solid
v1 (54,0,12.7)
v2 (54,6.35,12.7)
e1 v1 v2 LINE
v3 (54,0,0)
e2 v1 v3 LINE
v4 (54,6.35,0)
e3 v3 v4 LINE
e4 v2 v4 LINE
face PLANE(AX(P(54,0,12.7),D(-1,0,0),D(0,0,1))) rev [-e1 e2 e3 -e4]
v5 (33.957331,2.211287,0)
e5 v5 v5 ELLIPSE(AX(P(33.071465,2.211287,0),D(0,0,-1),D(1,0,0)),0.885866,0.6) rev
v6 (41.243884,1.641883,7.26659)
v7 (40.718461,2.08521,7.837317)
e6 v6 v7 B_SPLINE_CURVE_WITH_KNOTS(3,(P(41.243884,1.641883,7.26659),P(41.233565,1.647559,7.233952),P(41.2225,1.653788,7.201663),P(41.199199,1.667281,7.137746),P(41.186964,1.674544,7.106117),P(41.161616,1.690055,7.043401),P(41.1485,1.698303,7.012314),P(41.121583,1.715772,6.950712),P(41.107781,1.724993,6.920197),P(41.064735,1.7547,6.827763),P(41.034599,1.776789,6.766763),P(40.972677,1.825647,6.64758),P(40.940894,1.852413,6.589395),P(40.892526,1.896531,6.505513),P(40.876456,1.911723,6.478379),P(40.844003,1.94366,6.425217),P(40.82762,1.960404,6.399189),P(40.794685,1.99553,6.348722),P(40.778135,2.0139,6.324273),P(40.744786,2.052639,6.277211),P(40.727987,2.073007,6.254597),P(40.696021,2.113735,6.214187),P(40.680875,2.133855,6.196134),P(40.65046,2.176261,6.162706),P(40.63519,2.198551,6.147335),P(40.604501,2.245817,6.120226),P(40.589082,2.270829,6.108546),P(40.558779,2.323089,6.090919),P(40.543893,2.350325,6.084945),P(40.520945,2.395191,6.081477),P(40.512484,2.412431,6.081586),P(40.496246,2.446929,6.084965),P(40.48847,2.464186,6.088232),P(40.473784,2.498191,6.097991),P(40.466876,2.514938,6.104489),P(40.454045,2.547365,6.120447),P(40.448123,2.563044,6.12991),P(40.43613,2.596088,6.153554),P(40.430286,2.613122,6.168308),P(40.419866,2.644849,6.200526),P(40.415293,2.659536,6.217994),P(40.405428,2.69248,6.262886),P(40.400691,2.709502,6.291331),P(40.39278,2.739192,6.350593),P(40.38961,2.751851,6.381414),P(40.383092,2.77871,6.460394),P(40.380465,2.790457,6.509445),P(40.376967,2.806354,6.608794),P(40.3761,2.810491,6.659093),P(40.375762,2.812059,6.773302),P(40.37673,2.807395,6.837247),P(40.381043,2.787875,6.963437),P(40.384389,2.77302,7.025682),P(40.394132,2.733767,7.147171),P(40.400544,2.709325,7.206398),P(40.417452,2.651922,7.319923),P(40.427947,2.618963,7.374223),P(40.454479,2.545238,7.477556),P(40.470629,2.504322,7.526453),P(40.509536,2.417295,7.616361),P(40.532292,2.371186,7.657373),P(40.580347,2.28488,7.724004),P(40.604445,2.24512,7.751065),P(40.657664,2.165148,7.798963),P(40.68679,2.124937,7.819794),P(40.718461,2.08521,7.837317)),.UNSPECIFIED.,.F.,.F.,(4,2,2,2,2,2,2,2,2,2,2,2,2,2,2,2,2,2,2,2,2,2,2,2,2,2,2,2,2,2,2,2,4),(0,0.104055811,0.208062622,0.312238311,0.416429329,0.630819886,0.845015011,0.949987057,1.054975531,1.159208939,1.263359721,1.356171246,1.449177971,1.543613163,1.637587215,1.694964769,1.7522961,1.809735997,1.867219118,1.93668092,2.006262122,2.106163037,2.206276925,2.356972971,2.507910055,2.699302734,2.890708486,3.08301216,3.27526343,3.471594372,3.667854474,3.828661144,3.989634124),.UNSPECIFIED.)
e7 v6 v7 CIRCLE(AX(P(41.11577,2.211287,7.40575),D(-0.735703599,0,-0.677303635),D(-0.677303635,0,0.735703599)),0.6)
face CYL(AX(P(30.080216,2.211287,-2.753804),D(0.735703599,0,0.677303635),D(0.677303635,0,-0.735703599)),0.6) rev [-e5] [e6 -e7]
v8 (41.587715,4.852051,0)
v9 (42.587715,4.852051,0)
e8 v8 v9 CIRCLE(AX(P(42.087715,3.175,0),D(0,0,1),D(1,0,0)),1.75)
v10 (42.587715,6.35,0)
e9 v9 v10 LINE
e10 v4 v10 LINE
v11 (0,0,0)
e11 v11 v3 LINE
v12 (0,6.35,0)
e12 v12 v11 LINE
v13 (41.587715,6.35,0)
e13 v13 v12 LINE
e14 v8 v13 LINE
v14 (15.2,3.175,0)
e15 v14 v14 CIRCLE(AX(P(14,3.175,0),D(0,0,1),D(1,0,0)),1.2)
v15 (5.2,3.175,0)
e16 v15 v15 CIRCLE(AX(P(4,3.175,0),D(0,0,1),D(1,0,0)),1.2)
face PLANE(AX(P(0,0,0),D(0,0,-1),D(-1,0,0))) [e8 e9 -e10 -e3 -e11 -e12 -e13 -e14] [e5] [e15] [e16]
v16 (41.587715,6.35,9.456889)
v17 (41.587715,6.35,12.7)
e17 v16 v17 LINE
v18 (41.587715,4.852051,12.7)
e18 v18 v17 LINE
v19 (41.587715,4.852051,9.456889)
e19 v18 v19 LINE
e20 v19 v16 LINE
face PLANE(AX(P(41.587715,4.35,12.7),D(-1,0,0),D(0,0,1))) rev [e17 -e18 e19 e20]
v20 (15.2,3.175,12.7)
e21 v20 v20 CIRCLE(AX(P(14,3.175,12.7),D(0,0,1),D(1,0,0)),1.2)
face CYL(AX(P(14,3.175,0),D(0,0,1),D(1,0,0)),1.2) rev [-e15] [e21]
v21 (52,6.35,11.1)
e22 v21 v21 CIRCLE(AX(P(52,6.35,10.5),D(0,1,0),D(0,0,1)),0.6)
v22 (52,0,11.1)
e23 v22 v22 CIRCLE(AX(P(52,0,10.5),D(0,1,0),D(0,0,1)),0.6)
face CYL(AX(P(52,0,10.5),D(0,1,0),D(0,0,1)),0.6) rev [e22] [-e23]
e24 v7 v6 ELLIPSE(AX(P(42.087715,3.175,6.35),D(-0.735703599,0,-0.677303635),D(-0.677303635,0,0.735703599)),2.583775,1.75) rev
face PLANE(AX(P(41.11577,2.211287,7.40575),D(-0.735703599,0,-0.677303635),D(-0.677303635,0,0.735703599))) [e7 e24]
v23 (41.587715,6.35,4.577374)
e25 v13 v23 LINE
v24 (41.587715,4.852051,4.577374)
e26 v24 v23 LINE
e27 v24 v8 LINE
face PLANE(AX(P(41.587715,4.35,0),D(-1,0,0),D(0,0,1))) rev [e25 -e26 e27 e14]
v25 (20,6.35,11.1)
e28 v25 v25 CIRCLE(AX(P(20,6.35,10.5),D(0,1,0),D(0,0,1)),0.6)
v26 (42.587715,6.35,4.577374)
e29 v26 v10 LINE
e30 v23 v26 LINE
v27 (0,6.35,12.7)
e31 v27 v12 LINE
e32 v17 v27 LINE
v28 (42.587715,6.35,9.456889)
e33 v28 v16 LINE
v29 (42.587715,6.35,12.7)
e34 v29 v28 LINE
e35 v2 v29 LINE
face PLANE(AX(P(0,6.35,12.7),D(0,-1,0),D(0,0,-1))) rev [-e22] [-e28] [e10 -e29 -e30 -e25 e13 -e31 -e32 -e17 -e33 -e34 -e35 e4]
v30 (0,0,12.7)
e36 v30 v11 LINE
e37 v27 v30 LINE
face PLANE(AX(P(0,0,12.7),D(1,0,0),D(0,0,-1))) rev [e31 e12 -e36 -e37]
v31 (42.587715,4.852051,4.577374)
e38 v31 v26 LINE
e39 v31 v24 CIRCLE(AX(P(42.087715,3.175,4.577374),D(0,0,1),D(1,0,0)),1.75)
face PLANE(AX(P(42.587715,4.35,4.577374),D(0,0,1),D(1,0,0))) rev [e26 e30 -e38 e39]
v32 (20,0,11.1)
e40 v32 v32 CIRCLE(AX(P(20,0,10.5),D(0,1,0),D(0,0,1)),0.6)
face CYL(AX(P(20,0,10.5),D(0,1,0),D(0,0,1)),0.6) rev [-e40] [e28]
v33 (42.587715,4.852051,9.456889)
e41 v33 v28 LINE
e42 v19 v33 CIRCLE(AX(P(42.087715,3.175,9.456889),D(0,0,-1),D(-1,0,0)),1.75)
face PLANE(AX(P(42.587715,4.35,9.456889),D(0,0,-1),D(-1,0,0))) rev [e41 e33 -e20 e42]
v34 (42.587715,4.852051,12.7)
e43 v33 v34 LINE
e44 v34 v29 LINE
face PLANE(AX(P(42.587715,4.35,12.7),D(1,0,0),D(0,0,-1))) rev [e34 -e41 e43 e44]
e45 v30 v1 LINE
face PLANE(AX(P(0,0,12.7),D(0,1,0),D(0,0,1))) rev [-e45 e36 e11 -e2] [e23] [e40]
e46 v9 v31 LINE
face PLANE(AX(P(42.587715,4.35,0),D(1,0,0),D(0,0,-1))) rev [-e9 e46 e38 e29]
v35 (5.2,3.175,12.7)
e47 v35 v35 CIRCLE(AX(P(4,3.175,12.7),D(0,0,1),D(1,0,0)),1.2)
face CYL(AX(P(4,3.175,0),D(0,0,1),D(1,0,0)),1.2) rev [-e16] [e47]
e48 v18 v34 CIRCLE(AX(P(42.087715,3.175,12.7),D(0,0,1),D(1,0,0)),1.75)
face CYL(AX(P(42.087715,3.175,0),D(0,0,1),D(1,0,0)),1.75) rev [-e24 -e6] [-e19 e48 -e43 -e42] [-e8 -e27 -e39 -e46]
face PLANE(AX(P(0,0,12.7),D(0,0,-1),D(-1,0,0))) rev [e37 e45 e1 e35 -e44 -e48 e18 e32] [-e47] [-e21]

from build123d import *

# Parameters (mm, degrees)
SKETCH1_W           = 54
SKETCH1_H           = 6.35
BOSS_EXTRUDE1_DEPTH = 12.7
SKETCH3_W           = 1
SKETCH3_H           = 3.243111396
SKETCH3_H_2         = 4.577374163
CUT_EXTRUDE1_DEPTH  = 2
SKETCH4_R           = 1.75
CUT_EXTRUDE2_DEPTH  = 56.835584532
SKETCH5_R           = 0.6
CUT_EXTRUDE3_DEPTH  = 56.835584532
SKETCH6_R           = 1.2
CUT_EXTRUDE4_DEPTH  = 56.835584532
SKETCH12_R          = 0.6
CUT_EXTRUDE6_DEPTH  = 15


with BuildPart() as part:
    # Sketch1 → Boss-Extrude1 (new body)
    with BuildSketch(Plane.XY):
        with Locations((27, 3.175)):
            Rectangle(SKETCH1_W, SKETCH1_H)
    extrude(amount=BOSS_EXTRUDE1_DEPTH)

    # Sketch3 → Cut-Extrude1 (cut)
    with BuildSketch(Plane(origin=(0, 6.35, 0), x_dir=(1, 0, 0), z_dir=(0, 1, 0))):
        with Locations((42.087715046, -11.078444302)):
            Rectangle(SKETCH3_W, SKETCH3_H)
        with Locations((42.087715046, -2.288687081)):
            Rectangle(SKETCH3_W, SKETCH3_H_2)
    extrude(amount=-CUT_EXTRUDE1_DEPTH, mode=Mode.SUBTRACT)

    # Sketch4 → Cut-Extrude2 (cut, through all)
    with BuildSketch(Plane.XY.offset(12.7)):
        with Locations(Location((42.087715046, 3.175, 0), (0, 0, 73.398450401))):
            Circle(SKETCH4_R)
    extrude(amount=-CUT_EXTRUDE2_DEPTH, mode=Mode.SUBTRACT)

    # Sketch5 → Cut-Extrude3 (cut, through all)
    with BuildSketch(Plane(origin=(0, 6.35, 0), x_dir=(1, 0, 0), z_dir=(0, 1, 0))):
        with Locations(Location((52, -10.5, 0), (0, 0, 270))):
            Circle(SKETCH5_R)
        with Locations(Location((20, -10.5, 0), (0, 0, 270))):
            Circle(SKETCH5_R)
    extrude(amount=-CUT_EXTRUDE3_DEPTH, mode=Mode.SUBTRACT)

    # Sketch6 → Cut-Extrude4 (cut, through all)
    with BuildSketch(Plane.XY.offset(12.7)):
        with Locations((4, 3.175)):
            Circle(SKETCH6_R)
        with Locations((14, 3.175)):
            Circle(SKETCH6_R)
    extrude(amount=-CUT_EXTRUDE4_DEPTH, mode=Mode.SUBTRACT)

    # Sketch12 → Cut-Extrude6 (cut)
    with BuildSketch(Plane(origin=(25.944559134, 0, 23.885086629), x_dir=(-0.677303634830695, 0, 0.7357035994509805), z_dir=(-0.7357035994509805, 0, -0.677303634830695))):
        with Locations(Location((-22.399423471, 2.211286905, 0), (0, 0, 180))):
            Circle(SKETCH12_R)
    extrude(amount=CUT_EXTRUDE6_DEPTH, mode=Mode.SUBTRACT)


solid = part.part
